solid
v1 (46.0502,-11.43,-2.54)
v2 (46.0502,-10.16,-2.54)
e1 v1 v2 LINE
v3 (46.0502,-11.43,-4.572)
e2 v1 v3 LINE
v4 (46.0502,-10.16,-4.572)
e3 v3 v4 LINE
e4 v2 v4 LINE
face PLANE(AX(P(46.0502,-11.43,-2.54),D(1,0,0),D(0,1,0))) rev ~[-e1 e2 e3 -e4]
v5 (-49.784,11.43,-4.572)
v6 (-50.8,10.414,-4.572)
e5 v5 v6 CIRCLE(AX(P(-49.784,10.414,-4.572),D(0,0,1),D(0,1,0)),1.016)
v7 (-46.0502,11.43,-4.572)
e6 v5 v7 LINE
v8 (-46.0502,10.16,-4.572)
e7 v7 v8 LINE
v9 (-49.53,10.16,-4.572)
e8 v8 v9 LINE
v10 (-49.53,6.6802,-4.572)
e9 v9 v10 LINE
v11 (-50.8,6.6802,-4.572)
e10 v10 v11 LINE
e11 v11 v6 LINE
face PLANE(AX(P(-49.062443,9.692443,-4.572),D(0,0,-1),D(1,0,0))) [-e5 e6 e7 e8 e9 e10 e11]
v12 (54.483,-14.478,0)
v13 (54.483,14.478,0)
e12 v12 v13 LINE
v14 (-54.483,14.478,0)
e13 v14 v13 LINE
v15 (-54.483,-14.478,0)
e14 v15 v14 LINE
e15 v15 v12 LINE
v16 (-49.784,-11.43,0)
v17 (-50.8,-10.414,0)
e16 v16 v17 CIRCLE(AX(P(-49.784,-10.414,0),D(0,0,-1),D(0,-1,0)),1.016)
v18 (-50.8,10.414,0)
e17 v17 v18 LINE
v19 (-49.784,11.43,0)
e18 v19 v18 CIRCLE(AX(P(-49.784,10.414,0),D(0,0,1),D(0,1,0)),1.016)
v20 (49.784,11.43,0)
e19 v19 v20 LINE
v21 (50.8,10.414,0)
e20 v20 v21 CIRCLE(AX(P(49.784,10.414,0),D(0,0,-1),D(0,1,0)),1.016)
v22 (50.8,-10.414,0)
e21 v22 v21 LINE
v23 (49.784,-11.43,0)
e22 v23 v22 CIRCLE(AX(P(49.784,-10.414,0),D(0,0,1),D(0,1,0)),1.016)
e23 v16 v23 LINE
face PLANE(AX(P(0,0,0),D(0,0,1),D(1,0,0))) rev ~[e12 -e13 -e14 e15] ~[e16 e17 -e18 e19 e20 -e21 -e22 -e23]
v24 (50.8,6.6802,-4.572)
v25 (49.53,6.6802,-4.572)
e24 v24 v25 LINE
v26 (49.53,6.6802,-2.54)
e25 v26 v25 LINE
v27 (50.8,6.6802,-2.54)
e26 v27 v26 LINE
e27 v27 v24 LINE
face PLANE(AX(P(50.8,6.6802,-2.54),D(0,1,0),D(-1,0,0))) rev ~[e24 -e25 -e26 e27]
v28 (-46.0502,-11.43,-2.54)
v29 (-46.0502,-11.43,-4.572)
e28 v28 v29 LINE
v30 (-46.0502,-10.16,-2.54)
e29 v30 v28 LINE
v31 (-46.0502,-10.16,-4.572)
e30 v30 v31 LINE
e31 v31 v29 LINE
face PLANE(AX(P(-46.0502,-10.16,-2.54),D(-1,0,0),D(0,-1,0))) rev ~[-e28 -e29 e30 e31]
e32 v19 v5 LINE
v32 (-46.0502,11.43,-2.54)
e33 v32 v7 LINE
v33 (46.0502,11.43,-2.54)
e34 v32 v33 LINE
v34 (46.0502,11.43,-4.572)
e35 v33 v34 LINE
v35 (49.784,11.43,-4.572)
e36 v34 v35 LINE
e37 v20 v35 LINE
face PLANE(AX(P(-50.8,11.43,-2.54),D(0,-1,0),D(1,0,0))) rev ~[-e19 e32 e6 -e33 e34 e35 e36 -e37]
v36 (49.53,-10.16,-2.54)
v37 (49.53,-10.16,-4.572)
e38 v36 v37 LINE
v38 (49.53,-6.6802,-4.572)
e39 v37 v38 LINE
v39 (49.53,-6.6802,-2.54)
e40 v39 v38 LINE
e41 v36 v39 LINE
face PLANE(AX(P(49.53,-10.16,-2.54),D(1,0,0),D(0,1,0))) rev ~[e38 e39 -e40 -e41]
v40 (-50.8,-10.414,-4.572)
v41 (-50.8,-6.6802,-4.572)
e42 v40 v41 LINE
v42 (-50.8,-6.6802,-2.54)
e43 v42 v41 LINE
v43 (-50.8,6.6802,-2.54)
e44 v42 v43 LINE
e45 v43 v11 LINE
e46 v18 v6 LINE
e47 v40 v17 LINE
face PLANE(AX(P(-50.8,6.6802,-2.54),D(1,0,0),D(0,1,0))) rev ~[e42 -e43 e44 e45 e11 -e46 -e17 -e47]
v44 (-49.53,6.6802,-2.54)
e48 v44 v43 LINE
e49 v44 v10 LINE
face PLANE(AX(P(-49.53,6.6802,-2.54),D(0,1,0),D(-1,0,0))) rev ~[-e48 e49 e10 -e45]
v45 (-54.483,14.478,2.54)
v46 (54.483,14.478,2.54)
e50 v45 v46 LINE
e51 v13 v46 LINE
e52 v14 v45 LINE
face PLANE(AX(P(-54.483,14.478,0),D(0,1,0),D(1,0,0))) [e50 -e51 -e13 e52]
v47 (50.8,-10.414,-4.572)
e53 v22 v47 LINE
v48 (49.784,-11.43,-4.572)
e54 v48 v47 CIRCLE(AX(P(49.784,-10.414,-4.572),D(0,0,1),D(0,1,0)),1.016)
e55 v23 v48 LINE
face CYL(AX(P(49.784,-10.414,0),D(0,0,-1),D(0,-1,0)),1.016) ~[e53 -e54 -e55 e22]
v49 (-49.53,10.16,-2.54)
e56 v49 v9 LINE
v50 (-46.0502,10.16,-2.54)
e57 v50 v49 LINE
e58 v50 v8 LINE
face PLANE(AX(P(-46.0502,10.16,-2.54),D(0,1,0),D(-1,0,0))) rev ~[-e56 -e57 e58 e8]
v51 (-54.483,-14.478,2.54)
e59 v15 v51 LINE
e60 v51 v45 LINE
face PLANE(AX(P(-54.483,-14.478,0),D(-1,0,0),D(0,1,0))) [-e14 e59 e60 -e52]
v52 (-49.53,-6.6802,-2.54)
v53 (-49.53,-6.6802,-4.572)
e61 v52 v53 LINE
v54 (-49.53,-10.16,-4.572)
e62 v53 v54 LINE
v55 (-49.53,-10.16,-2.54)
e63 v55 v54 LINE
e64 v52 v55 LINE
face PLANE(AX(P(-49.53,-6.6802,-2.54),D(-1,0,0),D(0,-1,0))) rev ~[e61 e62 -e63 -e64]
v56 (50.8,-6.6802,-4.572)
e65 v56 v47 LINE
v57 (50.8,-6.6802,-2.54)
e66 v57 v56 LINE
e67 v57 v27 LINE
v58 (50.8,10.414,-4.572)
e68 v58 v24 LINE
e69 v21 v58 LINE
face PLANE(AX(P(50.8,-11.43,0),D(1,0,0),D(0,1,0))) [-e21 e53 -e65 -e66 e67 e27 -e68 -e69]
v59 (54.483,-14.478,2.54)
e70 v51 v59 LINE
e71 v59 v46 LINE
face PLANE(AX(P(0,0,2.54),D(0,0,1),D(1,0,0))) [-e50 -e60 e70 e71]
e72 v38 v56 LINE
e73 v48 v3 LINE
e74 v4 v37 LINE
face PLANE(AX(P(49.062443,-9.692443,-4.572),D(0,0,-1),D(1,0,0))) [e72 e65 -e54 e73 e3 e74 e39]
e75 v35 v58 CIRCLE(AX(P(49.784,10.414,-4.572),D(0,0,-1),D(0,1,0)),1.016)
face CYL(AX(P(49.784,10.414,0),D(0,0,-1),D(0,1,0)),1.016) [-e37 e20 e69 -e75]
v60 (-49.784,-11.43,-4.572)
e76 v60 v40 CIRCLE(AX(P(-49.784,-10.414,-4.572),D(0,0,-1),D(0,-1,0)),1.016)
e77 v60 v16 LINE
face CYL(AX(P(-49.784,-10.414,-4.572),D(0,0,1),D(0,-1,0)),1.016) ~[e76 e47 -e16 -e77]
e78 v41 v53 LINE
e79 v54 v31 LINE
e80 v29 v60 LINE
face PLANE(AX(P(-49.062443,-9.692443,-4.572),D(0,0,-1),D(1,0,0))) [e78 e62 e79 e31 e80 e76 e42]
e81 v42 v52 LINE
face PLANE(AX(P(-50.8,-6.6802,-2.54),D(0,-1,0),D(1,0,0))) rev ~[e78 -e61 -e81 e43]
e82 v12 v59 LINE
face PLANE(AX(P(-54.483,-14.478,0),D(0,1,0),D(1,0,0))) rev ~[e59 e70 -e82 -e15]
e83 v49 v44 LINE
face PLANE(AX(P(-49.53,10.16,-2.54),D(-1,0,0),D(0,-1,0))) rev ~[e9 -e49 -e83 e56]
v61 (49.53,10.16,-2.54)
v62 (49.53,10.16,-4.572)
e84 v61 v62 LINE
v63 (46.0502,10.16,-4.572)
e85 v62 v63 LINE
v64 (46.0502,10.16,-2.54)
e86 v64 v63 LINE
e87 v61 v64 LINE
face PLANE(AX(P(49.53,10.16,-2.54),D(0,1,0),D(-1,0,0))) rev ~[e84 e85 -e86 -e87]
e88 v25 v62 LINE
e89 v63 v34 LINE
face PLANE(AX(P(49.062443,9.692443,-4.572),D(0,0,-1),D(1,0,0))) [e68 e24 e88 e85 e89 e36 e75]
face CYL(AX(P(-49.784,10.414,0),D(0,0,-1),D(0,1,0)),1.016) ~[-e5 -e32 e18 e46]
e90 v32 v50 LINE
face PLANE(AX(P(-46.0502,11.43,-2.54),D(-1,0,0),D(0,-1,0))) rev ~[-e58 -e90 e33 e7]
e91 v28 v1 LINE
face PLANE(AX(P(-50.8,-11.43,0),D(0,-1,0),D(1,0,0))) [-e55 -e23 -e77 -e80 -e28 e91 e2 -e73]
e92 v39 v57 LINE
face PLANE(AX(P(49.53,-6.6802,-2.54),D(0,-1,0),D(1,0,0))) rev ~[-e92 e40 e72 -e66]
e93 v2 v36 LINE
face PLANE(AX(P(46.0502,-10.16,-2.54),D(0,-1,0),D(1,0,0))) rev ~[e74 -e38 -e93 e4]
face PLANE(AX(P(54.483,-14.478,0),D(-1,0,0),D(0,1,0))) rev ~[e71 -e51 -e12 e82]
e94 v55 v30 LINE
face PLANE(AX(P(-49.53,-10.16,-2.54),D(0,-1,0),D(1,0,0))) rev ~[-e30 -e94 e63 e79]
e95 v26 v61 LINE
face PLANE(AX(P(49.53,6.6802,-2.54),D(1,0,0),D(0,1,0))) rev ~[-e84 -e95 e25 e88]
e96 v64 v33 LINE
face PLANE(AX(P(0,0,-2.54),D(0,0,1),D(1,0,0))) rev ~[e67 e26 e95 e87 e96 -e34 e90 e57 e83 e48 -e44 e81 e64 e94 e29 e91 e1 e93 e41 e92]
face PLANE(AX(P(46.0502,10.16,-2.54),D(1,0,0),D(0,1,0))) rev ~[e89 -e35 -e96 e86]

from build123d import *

# Parameters (mm, degrees)
F0_W     = 108.966
F0_H     = 28.956
F0_W_2   = 101.6
F0_H_2   = 22.86
F1_DEPTH = 2.54
F2_DEPTH = 2.54
F4_DEPTH = 2.032
F5_R     = 1.016


with BuildPart() as f1:
    # F0 (on Top) → F1 (new body)
    with BuildSketch(Plane.XY):
        Rectangle(F0_W, F0_H)
        Rectangle(F0_W_2, F0_H_2, mode=Mode.SUBTRACT)
        Rectangle(F0_W_2, F0_H_2)
    extrude(amount=F1_DEPTH)

    # F0 (on Top) → F2 (join)
    with BuildSketch(Plane.XY):
        Rectangle(F0_W_2, F0_H_2)
    extrude(amount=-F2_DEPTH)

    # F3 (on face) → F4 (join)
    with BuildSketch(Plane(origin=(0, 0, -2.54), x_dir=(1, 0, 0), z_dir=(0, 0, -1))):
        Polygon((-49.53, -6.6802), (-50.8, -6.6802), (-50.8, -11.43), (-46.0502, -11.43), (-46.0502, -10.16), (-49.53, -10.16), align=None)
        Polygon((50.8, 6.6802), (50.8, 11.43), (46.0502, 11.43), (46.0502, 10.16), (49.53, 10.16), (49.53, 6.6802), align=None)
        Polygon((50.8, -11.43), (50.8, -6.6802), (49.53, -6.6802), (49.53, -10.16), (46.0502, -10.16), (46.0502, -11.43), align=None)
        Polygon((-46.0502, 10.16), (-46.0502, 11.43), (-50.8, 11.43), (-50.8, 6.6802), (-49.53, 6.6802), (-49.53, 10.16), align=None)
    extrude(amount=F4_DEPTH)

    # F5
    f5_edges = [f1.edges().sort_by_distance(p)[0] for p in [
        (-50.8, -11.43, -2.286),
        (-50.8, 11.43, -2.286),
        (50.8, 11.43, -2.286),
        (50.8, -11.43, -2.286),
    ]]
    fillet(f5_edges, radius=F5_R)


solid = f1.part
